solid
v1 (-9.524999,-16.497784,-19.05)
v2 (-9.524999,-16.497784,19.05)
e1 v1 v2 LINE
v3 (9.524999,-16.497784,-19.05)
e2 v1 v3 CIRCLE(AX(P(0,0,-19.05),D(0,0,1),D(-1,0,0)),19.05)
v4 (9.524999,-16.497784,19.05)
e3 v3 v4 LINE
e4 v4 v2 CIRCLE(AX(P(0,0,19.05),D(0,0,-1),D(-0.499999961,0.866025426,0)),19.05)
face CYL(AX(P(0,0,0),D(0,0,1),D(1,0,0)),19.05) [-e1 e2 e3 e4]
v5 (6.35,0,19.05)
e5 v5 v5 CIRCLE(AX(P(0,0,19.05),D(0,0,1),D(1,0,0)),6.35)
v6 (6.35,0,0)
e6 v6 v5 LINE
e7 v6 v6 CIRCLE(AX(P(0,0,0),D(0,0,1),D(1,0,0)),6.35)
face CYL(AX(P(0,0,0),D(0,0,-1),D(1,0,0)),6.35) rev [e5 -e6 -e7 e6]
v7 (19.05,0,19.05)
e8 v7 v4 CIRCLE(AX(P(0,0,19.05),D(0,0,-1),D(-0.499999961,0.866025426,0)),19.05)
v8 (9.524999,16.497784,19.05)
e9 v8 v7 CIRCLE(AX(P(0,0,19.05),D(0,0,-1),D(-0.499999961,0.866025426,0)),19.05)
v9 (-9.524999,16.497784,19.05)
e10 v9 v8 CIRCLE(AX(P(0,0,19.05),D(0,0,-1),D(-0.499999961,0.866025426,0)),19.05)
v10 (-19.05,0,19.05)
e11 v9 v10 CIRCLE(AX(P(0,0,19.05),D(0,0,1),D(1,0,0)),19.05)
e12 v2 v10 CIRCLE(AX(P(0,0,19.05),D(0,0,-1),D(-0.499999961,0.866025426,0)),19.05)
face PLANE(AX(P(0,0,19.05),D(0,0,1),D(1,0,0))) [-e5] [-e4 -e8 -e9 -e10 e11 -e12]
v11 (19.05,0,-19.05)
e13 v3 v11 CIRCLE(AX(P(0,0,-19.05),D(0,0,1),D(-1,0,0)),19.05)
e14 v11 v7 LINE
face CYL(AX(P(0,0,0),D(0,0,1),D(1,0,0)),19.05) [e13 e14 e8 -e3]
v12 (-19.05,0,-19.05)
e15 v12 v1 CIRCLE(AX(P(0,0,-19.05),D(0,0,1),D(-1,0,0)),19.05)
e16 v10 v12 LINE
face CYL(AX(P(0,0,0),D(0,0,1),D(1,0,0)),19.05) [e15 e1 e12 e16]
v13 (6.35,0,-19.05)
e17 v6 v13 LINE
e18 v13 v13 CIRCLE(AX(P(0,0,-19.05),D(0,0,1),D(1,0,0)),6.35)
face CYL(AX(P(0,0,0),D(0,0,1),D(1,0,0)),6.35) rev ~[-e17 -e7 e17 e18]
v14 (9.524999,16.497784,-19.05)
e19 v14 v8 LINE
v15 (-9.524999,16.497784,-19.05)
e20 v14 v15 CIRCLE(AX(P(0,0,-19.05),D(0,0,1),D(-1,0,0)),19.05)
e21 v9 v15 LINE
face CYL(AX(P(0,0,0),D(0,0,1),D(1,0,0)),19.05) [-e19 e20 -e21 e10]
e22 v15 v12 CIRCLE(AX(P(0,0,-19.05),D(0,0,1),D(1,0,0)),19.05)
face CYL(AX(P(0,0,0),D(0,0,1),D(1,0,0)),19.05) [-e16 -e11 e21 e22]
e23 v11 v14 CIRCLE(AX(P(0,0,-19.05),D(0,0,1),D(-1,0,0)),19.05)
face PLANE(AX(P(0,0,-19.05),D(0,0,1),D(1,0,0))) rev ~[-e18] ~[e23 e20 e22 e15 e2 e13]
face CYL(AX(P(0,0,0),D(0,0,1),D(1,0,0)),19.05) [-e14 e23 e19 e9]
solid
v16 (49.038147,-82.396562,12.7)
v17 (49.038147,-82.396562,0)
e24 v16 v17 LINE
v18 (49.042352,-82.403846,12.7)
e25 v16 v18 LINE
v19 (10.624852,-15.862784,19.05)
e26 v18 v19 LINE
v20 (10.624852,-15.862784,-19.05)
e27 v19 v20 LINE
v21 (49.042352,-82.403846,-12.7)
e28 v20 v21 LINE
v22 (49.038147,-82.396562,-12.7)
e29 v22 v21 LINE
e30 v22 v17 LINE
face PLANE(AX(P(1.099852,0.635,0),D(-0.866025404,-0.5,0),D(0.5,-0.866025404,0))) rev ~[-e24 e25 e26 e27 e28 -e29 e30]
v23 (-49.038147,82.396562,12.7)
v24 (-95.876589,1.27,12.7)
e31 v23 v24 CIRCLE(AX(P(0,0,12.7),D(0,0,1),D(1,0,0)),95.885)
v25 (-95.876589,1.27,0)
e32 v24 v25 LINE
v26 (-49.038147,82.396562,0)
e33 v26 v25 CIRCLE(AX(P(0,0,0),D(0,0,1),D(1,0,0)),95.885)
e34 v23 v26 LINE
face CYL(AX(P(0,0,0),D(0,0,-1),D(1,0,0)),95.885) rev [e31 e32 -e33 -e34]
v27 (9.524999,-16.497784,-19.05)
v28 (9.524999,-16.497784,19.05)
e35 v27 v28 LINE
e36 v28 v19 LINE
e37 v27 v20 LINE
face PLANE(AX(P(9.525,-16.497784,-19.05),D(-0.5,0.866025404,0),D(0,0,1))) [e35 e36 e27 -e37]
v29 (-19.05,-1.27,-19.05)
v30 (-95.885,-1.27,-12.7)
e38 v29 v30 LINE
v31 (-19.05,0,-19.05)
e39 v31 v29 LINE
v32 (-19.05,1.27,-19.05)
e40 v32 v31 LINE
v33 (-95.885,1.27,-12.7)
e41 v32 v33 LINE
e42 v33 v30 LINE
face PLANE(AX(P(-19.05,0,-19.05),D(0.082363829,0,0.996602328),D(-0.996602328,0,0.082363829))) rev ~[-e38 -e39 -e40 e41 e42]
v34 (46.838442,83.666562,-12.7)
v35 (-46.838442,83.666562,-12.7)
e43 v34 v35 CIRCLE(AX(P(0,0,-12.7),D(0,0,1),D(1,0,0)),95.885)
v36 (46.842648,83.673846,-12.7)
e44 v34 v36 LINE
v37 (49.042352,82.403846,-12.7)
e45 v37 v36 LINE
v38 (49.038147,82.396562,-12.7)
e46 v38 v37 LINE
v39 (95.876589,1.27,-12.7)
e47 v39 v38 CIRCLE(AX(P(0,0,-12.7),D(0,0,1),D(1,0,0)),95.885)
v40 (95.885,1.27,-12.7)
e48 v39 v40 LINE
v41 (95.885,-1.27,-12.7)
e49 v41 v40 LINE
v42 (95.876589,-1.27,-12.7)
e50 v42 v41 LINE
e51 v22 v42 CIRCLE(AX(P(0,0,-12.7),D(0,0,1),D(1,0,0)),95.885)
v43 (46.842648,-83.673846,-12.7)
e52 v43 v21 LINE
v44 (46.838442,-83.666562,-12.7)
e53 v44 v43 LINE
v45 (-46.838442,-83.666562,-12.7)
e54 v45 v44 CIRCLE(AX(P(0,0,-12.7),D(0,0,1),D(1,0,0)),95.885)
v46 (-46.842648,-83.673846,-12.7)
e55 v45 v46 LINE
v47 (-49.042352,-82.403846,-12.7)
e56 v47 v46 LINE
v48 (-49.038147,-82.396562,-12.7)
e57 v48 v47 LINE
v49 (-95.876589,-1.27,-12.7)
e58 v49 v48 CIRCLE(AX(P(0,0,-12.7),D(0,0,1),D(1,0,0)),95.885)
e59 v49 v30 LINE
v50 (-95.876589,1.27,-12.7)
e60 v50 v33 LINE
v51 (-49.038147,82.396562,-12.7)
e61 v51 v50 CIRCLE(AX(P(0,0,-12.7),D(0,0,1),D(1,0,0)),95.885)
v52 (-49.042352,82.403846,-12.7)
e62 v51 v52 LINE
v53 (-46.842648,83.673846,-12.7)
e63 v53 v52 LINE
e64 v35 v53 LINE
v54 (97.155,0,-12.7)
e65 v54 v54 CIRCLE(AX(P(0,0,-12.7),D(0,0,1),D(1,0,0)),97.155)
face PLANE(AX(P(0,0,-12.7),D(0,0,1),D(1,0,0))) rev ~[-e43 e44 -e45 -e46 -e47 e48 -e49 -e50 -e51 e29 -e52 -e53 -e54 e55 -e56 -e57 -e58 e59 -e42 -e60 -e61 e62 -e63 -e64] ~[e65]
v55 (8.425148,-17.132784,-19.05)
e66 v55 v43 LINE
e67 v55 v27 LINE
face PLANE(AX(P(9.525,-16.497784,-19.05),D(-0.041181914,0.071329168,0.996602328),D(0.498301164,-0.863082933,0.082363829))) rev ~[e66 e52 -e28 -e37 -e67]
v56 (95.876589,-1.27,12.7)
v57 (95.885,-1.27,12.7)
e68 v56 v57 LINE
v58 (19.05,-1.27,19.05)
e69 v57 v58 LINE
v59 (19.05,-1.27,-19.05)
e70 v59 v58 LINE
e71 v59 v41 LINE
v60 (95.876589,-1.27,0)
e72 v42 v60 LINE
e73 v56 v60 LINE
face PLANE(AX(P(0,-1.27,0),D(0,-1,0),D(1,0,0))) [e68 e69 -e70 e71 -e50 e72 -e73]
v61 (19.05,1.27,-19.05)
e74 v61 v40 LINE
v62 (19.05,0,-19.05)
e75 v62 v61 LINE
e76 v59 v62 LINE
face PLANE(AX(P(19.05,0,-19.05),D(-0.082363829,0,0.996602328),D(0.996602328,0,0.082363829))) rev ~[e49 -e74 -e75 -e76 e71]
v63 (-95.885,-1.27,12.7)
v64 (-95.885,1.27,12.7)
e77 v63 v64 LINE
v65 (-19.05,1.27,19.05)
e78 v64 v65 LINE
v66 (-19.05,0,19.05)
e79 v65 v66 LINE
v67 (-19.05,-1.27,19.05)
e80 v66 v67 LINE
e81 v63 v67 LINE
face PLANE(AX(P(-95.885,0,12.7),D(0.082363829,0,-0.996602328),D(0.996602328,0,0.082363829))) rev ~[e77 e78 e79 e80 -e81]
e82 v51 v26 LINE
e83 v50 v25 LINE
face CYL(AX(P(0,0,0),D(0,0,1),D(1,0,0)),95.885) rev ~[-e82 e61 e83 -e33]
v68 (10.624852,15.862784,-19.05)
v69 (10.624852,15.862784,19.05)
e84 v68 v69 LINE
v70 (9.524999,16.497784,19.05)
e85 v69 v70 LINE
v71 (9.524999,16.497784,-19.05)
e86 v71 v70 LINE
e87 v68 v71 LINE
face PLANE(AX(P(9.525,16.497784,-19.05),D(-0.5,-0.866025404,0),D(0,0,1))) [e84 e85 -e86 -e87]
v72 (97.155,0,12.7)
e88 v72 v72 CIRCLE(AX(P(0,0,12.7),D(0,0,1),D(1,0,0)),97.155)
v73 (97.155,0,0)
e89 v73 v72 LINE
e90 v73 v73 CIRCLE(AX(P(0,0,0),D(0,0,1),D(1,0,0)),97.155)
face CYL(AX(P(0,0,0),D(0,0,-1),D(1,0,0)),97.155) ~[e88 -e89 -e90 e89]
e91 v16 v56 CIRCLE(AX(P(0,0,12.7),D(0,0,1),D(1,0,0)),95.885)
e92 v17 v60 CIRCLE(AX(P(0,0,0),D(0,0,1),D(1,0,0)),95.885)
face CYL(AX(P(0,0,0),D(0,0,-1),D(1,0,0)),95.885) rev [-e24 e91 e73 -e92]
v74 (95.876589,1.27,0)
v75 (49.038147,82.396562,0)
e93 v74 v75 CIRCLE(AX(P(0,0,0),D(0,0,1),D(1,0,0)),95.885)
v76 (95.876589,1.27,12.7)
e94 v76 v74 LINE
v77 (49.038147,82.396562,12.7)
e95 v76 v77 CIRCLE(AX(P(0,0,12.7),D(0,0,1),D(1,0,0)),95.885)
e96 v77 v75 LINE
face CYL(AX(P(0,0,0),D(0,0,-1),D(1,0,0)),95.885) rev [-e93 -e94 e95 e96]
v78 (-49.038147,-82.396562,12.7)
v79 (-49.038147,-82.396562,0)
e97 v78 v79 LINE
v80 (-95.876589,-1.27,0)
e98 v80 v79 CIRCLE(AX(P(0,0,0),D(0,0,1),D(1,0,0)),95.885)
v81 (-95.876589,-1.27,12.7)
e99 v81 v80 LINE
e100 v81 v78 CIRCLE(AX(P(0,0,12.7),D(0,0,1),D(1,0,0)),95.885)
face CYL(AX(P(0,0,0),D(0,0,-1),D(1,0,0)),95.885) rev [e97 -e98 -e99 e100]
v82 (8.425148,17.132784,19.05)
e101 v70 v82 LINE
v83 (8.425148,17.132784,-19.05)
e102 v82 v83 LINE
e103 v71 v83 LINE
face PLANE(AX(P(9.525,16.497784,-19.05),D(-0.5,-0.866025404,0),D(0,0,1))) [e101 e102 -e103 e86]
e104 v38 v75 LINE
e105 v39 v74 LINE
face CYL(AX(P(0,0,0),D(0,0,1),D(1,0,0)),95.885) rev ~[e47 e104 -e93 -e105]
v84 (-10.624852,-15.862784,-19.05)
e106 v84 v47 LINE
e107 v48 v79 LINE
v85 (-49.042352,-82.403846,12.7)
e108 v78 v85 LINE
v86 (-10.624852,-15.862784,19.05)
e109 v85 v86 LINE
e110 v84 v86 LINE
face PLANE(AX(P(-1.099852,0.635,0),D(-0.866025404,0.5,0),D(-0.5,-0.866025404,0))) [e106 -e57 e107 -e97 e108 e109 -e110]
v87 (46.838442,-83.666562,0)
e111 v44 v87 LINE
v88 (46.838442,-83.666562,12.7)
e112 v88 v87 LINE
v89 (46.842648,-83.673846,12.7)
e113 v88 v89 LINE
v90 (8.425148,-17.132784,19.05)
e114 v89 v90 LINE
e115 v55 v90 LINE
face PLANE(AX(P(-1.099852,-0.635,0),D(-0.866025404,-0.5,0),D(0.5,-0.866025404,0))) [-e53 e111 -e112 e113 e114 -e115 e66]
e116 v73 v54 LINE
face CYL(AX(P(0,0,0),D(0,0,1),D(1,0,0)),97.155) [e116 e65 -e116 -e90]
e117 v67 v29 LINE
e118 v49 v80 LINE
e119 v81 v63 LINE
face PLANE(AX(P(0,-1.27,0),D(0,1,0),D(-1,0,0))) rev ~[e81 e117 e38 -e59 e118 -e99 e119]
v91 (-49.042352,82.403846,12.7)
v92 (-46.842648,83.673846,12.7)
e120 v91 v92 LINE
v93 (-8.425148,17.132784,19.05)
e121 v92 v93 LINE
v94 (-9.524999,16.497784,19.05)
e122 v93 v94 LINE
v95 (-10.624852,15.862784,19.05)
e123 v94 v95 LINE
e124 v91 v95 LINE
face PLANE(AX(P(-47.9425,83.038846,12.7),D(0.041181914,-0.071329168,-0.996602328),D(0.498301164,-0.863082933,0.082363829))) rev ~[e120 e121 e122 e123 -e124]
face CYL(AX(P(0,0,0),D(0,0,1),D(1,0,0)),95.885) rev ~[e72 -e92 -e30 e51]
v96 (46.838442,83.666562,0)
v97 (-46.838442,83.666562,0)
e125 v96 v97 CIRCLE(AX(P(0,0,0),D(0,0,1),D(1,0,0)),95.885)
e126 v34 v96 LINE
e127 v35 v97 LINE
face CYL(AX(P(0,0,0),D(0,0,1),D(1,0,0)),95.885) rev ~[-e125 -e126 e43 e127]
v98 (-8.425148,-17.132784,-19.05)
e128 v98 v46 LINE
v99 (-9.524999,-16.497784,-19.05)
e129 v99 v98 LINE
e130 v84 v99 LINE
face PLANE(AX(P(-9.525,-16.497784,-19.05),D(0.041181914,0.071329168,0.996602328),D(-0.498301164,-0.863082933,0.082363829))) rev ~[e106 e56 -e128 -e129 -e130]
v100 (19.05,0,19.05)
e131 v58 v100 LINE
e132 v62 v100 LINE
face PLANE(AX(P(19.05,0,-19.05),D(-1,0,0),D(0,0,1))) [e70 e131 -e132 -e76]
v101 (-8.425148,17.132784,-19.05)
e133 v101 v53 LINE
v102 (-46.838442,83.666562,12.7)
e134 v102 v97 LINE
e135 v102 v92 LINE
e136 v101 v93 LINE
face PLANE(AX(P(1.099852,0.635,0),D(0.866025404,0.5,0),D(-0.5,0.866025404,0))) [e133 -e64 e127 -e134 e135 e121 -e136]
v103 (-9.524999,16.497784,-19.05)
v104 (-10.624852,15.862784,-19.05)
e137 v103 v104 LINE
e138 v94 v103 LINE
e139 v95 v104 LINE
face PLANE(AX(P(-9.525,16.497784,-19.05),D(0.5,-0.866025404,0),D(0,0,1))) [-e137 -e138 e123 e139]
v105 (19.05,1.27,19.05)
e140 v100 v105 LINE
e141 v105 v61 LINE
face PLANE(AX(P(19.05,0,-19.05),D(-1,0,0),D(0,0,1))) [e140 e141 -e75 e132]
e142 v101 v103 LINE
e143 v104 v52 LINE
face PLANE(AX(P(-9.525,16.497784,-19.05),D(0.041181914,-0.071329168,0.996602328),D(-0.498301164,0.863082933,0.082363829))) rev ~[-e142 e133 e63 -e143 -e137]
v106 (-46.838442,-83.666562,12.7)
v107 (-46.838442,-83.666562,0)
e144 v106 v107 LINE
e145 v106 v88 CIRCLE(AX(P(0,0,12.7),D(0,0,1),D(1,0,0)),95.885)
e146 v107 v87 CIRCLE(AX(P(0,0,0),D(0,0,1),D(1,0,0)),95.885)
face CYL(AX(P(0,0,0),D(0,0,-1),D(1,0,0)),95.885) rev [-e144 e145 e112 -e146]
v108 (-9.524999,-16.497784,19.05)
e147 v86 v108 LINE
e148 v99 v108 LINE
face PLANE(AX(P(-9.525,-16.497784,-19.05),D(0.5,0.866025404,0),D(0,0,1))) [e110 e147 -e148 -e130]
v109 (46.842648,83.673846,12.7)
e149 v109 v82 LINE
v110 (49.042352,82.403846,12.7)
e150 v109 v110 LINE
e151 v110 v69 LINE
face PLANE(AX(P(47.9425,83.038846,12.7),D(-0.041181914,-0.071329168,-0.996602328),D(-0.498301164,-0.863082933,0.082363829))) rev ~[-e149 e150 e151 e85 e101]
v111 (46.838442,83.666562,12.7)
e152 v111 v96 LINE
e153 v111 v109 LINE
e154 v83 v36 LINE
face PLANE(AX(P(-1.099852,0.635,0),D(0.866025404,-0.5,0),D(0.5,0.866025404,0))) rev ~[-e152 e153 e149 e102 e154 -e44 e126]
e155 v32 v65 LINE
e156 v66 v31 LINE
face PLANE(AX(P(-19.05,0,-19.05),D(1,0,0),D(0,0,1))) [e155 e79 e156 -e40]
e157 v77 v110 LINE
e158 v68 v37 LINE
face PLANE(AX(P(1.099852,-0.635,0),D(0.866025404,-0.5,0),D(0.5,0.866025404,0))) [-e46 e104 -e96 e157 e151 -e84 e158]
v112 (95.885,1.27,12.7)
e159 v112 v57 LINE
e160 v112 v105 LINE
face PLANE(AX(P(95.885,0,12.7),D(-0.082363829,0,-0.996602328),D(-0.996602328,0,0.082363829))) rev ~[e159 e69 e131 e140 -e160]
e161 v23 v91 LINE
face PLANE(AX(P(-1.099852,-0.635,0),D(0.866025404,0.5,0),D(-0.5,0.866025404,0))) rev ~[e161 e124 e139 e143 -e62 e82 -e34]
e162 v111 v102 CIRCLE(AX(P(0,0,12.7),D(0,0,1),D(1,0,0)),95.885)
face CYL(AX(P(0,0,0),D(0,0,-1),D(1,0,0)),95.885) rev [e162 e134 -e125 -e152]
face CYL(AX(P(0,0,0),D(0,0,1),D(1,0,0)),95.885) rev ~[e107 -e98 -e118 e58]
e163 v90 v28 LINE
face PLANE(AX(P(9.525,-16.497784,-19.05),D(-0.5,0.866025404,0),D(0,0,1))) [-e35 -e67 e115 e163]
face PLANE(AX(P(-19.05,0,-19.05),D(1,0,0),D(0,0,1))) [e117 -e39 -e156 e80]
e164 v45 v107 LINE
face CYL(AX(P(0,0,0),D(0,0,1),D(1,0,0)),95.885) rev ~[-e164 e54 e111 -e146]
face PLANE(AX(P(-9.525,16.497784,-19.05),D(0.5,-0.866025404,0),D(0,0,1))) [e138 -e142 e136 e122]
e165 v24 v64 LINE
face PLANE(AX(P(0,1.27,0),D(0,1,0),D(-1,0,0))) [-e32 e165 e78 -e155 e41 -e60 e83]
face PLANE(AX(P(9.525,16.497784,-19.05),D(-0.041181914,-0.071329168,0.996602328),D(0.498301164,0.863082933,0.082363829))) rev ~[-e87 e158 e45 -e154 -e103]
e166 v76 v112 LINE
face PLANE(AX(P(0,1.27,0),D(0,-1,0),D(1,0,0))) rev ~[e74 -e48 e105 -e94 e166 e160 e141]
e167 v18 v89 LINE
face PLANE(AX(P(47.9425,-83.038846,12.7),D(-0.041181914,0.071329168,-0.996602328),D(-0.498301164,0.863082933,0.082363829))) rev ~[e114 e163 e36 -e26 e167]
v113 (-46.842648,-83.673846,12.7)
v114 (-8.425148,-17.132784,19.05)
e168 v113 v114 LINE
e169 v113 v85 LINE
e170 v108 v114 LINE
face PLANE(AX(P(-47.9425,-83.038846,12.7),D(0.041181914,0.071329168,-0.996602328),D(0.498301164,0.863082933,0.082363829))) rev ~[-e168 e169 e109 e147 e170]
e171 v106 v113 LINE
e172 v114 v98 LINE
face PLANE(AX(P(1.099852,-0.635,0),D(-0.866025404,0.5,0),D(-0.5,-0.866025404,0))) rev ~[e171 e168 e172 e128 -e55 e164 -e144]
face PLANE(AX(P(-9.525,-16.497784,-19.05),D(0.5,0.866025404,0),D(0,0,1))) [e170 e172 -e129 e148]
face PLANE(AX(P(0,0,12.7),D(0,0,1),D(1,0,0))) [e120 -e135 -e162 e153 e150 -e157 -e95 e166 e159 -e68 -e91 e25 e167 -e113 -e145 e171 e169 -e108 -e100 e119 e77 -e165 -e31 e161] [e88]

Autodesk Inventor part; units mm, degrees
ref_plane "YZ Plane" through (0, 0, 0) normal (1, 0, 0) x (0, 1, 0)
ref_plane "XZ Plane" through (0, 0, 0) normal (0, 1, 0) x (-1, 0, 0)
ref_plane "XY Plane" through (0, 0, 0) normal (0, 0, 1) x (1, 0, 0)
sketch "Sketch1" plane through (0, 0, 0) normal (0, 0, 1) x (1, 0, 0)
  circle A0 centre (0, 0) radius 97.155
  circle A1 centre (0, 0) radius 95.885
  dimension "d0" = 194.31
  dimension "d1" = 191.77
extrude "Extrusion1" add sketch "Sketch1" along normal mid plane 25.4
sketch "Sketch2" plane through (0, 0, 0) normal (0, 0, 1) x (1, 0, 0)
  circle A0 centre (0, 0) radius 19.05
  circle A1 centre (0, 0) radius 6.35
  dimension "d4" = 38.1
  dimension "d5" = 12.7
extrude "Extrusion2" add sketch "Sketch2" along normal mid plane 38.1
sketch "Sketch3" plane through (0, 0, 0) normal (0, 1, 0) x (-1, 0, 0)
  line L0 (95.885, -12.7) -> (-95.885, -12.7) projected
  line L1 (-95.885, 12.7) -> (95.885, 12.7) projected
  line L2 (19.05, -19.05) -> (19.05, 19.05) projected
  line L3 (19.05, 19.05) -> (19.05, -19.05)
  line L4 (19.05, -19.05) -> (95.885, -12.7)
  line L5 (95.885, -12.7) -> (95.885, 12.7)
  line L6 (95.885, 12.7) -> (19.05, 19.05)
extrude "Extrusion3" add sketch "Sketch3" along normal mid plane 2.54
pattern_circular "Circular Pattern1" count 6 over 360 about axis through (0, 0, 19.05) along (0, 0, -1) of "Extrusion3"
properties part number "Wheel_Spokes"
